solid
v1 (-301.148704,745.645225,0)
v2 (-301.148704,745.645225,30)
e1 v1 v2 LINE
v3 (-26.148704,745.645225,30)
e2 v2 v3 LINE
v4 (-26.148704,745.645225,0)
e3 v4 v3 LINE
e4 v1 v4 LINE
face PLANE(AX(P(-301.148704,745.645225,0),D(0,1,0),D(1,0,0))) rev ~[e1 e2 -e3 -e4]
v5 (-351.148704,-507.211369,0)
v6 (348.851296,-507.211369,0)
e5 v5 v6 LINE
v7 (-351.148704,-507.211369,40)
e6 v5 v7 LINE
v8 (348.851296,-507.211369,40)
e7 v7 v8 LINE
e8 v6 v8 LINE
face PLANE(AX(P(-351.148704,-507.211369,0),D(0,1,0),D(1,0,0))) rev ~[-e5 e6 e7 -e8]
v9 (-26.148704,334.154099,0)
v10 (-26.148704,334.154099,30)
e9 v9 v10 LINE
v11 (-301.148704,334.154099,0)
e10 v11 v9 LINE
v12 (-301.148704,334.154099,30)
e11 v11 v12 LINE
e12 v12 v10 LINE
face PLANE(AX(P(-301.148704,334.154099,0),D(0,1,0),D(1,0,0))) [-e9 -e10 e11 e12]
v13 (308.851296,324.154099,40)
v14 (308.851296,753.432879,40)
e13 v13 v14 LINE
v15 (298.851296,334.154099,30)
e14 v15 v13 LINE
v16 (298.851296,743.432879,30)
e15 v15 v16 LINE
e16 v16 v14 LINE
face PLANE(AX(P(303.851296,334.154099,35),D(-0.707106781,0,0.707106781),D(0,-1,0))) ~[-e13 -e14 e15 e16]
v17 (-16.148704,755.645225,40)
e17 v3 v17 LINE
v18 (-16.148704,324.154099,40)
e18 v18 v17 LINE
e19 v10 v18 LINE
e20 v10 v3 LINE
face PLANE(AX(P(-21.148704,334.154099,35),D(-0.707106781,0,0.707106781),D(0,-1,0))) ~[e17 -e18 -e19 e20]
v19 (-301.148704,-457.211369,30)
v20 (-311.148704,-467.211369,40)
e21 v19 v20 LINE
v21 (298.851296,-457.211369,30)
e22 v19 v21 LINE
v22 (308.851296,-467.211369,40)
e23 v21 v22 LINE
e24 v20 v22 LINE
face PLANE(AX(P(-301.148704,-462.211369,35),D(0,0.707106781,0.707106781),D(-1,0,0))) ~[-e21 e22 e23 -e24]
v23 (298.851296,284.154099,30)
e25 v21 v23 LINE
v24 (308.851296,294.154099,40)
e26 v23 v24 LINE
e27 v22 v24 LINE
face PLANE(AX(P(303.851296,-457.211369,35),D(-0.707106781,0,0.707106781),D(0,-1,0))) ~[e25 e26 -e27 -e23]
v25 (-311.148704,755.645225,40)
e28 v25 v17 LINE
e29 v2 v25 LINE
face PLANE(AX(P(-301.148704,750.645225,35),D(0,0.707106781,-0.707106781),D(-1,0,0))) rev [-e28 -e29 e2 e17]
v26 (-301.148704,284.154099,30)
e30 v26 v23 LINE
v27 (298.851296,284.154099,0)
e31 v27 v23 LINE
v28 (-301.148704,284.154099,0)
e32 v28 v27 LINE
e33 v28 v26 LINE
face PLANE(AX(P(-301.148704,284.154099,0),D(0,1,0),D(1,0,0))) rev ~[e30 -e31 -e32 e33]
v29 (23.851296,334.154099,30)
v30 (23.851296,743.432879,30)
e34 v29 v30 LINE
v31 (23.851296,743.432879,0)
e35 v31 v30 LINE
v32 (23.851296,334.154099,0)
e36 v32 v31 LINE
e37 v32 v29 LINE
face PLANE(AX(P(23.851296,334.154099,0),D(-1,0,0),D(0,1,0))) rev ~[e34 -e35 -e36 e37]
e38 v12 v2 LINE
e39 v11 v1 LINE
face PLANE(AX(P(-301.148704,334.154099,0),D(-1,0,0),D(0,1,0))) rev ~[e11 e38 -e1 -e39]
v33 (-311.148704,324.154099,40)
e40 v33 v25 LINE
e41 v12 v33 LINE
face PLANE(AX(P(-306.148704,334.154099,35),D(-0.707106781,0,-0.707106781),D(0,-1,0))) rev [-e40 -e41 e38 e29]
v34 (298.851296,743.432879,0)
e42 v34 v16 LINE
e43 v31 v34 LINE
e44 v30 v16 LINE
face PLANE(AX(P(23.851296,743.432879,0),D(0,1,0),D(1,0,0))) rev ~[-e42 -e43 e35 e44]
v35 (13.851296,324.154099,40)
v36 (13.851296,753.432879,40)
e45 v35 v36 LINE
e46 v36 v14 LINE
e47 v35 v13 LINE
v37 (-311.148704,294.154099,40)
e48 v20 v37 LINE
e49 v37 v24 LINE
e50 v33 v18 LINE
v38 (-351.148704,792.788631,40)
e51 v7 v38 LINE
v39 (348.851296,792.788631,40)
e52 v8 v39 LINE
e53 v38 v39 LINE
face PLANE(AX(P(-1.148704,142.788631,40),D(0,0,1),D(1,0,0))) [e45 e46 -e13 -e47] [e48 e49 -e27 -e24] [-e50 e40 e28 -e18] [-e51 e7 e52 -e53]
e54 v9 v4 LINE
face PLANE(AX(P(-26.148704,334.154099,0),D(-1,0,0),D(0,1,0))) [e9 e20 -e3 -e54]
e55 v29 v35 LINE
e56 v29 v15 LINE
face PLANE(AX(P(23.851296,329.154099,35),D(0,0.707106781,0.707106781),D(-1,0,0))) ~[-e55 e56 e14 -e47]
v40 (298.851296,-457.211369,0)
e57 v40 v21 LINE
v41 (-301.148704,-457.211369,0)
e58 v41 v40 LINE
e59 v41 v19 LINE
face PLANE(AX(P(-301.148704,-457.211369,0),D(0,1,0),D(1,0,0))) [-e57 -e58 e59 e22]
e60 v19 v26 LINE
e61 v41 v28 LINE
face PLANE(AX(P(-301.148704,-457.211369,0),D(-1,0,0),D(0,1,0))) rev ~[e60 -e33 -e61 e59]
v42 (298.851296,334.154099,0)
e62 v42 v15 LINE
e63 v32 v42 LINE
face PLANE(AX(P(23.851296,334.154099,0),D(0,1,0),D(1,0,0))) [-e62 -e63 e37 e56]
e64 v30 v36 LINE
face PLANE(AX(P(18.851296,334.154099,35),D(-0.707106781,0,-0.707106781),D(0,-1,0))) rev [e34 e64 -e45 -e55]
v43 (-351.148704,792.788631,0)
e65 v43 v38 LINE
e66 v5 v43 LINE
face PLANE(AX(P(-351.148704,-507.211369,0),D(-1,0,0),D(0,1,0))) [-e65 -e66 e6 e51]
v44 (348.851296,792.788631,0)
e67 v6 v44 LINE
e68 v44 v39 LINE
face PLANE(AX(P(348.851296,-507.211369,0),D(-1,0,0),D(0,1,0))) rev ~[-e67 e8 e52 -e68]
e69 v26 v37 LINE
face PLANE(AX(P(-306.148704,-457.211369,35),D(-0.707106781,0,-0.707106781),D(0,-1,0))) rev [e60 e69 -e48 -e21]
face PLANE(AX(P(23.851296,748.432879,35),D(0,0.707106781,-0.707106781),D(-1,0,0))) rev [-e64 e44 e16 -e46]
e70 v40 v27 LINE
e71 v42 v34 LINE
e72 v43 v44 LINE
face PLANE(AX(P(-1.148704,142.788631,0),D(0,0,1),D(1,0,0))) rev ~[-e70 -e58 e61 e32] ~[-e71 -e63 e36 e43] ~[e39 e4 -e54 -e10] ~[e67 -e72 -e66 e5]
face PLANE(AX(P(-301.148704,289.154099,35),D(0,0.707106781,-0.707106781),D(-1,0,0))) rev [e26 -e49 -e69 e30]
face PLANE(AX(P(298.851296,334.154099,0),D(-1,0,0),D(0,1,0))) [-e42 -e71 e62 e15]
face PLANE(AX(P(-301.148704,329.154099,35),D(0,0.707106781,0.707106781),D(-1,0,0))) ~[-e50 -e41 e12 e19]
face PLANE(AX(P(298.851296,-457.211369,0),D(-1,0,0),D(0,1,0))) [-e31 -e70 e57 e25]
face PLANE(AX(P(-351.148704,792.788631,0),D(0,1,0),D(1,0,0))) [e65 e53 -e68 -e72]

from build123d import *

# Parameters (mm, degrees)
F0_W     = 700
F0_H     = 1300
F0_W_2   = 600
F0_H_2   = 741.365468
F0_W_3   = 275
F0_H_3   = 411.491126
F0_H_4   = 409.27878
F1_DEPTH = 40
F2_SIZE  = 10


with BuildPart() as f1:
    # F0 (on Top) → F1 (new body)
    with BuildSketch(Plane.XY):
        with Locations((-1.148704, 142.788631)):
            Rectangle(F0_W, F0_H)
        with Locations((-1.148704, -86.528635)):
            Rectangle(F0_W_2, F0_H_2, mode=Mode.SUBTRACT)
        with Locations((-163.648704, 539.899662)):
            Rectangle(F0_W_3, F0_H_3, mode=Mode.SUBTRACT)
        with Locations((161.351296, 538.793489)):
            Rectangle(F0_W_3, F0_H_4, mode=Mode.SUBTRACT)
    extrude(amount=F1_DEPTH)

    # F2
    f2_edges = [f1.edges().sort_by_distance(p)[0] for p in [
        (-1.148704, -457.211369, 40),
        (298.851296, -86.528635, 40),
        (-1.148704, 284.154099, 40),
        (-301.148704, -86.528635, 40),
        (23.851296, 538.793489, 40),
        (161.351296, 334.154099, 40),
        (-163.648704, 334.154099, 40),
        (-26.148704, 539.899662, 40),
        (298.851296, 538.793489, 40),
        (-301.148704, 539.899662, 40),
        (-163.648704, 745.645225, 40),
        (161.351296, 743.432879, 40),
    ]]
    chamfer(f2_edges, length=F2_SIZE)


solid = f1.part
